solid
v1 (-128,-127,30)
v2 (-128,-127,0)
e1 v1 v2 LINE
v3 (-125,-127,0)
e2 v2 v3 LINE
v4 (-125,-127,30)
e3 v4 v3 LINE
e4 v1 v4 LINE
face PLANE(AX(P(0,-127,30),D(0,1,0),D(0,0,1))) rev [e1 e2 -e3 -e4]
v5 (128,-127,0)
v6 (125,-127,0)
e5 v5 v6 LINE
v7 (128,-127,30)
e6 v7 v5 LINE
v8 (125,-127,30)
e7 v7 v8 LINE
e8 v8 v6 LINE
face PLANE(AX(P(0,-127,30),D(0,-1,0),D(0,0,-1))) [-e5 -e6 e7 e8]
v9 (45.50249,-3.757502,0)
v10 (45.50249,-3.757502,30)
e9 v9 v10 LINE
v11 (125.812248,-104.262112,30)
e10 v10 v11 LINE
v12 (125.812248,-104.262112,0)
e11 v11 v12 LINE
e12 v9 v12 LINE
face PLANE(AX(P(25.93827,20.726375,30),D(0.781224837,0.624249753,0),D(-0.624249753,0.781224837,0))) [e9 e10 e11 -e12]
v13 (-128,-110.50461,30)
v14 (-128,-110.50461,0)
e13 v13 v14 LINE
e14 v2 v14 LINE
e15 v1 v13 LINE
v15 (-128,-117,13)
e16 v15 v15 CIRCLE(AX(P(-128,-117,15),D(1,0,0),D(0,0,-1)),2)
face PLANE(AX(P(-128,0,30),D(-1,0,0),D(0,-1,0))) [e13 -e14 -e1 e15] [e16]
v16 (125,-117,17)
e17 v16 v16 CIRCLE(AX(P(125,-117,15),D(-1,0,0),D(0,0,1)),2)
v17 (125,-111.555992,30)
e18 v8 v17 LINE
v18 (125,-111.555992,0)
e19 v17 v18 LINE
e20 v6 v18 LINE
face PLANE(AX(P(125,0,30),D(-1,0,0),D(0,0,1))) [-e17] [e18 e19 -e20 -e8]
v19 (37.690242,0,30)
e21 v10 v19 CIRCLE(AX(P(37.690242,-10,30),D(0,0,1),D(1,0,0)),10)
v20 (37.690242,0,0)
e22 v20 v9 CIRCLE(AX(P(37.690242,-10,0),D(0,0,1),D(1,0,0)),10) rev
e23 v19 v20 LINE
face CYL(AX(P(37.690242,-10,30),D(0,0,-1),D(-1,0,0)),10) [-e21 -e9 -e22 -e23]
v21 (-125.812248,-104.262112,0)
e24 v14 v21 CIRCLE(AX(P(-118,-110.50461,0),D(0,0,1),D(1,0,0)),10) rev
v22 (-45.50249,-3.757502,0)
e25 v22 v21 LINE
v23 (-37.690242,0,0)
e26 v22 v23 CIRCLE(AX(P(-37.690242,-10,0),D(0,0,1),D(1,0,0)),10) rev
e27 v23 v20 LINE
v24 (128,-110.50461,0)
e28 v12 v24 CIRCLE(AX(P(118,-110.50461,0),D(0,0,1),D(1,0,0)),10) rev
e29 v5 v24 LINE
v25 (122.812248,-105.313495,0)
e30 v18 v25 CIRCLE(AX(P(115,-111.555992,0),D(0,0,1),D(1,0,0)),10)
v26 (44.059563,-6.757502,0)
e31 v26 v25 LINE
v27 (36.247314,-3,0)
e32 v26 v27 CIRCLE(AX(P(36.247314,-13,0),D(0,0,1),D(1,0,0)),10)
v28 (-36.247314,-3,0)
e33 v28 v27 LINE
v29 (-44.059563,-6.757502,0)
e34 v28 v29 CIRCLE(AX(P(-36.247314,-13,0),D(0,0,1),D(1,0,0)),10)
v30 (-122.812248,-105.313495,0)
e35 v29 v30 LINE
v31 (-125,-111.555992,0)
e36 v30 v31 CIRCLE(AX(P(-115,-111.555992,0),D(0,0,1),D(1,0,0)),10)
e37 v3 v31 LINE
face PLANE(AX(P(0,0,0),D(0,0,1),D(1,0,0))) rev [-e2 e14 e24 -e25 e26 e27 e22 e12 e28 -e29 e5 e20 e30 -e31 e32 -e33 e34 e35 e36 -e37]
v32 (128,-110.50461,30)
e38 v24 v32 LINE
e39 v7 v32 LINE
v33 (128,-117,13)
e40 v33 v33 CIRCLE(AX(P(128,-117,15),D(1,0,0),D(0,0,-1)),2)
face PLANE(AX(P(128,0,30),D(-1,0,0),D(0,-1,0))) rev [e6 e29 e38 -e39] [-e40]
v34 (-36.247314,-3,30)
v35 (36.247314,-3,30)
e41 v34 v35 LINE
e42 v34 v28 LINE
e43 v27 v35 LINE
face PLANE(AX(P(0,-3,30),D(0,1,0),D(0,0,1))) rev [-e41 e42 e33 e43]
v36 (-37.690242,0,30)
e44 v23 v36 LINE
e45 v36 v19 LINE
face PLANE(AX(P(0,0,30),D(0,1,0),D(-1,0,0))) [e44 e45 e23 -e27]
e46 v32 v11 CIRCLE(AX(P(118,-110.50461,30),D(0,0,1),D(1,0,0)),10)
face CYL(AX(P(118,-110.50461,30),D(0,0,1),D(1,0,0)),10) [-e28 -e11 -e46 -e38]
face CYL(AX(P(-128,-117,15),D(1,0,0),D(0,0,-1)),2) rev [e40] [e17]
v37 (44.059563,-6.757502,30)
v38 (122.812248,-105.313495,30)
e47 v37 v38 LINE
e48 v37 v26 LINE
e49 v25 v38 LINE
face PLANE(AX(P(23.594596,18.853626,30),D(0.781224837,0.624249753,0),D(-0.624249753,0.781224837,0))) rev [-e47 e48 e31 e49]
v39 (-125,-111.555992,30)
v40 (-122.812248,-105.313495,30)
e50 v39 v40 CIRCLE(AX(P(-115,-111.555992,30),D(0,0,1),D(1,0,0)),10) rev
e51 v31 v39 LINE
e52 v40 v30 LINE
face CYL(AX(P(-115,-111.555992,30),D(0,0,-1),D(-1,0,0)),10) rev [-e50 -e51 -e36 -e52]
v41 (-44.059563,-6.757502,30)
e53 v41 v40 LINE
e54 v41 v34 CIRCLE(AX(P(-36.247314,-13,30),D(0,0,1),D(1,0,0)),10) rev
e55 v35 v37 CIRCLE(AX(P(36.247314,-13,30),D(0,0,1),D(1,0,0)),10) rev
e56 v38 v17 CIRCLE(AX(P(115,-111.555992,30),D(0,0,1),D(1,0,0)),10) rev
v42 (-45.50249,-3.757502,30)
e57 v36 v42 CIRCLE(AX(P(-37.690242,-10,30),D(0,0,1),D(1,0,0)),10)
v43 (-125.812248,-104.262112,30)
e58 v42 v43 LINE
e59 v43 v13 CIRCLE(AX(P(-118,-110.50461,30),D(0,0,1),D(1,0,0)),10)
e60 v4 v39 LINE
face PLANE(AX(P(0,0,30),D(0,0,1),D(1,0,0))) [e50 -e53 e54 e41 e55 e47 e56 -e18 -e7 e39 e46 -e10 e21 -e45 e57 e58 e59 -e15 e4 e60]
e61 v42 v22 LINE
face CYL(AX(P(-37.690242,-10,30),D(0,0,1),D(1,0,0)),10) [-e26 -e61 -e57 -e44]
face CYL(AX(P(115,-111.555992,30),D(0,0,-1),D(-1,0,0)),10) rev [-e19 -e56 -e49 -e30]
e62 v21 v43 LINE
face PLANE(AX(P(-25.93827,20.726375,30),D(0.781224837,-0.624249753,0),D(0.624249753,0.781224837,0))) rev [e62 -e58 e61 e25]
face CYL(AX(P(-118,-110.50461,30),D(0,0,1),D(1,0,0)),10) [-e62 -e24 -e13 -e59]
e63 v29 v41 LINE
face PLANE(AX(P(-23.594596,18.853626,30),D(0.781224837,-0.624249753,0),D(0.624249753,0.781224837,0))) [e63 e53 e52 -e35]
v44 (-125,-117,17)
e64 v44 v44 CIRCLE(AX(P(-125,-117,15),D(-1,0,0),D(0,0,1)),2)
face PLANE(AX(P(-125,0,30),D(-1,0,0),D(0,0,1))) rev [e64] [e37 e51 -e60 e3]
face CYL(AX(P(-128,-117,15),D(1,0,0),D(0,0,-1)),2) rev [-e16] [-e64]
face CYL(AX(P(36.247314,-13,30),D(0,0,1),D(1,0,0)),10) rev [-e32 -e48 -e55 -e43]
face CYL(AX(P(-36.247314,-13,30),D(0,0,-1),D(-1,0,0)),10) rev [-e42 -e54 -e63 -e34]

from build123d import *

# Parameters (mm, degrees)
BOSS_EXTRUDE1_DEPTH     = 30
FILLET1_R               = 10
SKETCH2_R               = 2
CUT_EXTRUDE1_DEPTH      = 1
CUT_EXTRUDE1_DEPTH_BACK = 257


with BuildPart() as part:
    # Sketch1 → Boss-Extrude1 (new body)
    with BuildSketch(Plane.XY):
        Polygon((128, -127), (125, -127), (125, -108.051382857), (41.057072577, -3), (-41.057072577, -3), (-125, -108.051382857), (-125, -127), (-128, -127), (-128, -107), (-42.5, 0), (42.5, 0), (128, -107), align=None)
    extrude(amount=BOSS_EXTRUDE1_DEPTH)

    # Fillet1
    fillet1_edges = [part.edges().sort_by_distance(p)[0] for p in [
        (125, -108.051382857, 15),
        (41.057072577, -3, 15),
        (-41.057072577, -3, 15),
        (-125, -108.051382857, 15),
        (-128, -107, 15),
        (-42.5, 0, 15),
        (42.5, 0, 15),
        (128, -107, 15),
    ]]
    fillet(fillet1_edges, radius=FILLET1_R)

    # Sketch2 → Cut-Extrude1 (cut, two sides)
    with BuildSketch(Plane(origin=(128, 0, 0), x_dir=(0, 0, -1), z_dir=(1, 0, 0))) as cut_extrude1_sk:
        with Locations((-15, -117)):
            Circle(SKETCH2_R)
    extrude(amount=CUT_EXTRUDE1_DEPTH, mode=Mode.SUBTRACT)
    extrude(cut_extrude1_sk.sketch, amount=-CUT_EXTRUDE1_DEPTH_BACK, mode=Mode.SUBTRACT)


solid = part.part
